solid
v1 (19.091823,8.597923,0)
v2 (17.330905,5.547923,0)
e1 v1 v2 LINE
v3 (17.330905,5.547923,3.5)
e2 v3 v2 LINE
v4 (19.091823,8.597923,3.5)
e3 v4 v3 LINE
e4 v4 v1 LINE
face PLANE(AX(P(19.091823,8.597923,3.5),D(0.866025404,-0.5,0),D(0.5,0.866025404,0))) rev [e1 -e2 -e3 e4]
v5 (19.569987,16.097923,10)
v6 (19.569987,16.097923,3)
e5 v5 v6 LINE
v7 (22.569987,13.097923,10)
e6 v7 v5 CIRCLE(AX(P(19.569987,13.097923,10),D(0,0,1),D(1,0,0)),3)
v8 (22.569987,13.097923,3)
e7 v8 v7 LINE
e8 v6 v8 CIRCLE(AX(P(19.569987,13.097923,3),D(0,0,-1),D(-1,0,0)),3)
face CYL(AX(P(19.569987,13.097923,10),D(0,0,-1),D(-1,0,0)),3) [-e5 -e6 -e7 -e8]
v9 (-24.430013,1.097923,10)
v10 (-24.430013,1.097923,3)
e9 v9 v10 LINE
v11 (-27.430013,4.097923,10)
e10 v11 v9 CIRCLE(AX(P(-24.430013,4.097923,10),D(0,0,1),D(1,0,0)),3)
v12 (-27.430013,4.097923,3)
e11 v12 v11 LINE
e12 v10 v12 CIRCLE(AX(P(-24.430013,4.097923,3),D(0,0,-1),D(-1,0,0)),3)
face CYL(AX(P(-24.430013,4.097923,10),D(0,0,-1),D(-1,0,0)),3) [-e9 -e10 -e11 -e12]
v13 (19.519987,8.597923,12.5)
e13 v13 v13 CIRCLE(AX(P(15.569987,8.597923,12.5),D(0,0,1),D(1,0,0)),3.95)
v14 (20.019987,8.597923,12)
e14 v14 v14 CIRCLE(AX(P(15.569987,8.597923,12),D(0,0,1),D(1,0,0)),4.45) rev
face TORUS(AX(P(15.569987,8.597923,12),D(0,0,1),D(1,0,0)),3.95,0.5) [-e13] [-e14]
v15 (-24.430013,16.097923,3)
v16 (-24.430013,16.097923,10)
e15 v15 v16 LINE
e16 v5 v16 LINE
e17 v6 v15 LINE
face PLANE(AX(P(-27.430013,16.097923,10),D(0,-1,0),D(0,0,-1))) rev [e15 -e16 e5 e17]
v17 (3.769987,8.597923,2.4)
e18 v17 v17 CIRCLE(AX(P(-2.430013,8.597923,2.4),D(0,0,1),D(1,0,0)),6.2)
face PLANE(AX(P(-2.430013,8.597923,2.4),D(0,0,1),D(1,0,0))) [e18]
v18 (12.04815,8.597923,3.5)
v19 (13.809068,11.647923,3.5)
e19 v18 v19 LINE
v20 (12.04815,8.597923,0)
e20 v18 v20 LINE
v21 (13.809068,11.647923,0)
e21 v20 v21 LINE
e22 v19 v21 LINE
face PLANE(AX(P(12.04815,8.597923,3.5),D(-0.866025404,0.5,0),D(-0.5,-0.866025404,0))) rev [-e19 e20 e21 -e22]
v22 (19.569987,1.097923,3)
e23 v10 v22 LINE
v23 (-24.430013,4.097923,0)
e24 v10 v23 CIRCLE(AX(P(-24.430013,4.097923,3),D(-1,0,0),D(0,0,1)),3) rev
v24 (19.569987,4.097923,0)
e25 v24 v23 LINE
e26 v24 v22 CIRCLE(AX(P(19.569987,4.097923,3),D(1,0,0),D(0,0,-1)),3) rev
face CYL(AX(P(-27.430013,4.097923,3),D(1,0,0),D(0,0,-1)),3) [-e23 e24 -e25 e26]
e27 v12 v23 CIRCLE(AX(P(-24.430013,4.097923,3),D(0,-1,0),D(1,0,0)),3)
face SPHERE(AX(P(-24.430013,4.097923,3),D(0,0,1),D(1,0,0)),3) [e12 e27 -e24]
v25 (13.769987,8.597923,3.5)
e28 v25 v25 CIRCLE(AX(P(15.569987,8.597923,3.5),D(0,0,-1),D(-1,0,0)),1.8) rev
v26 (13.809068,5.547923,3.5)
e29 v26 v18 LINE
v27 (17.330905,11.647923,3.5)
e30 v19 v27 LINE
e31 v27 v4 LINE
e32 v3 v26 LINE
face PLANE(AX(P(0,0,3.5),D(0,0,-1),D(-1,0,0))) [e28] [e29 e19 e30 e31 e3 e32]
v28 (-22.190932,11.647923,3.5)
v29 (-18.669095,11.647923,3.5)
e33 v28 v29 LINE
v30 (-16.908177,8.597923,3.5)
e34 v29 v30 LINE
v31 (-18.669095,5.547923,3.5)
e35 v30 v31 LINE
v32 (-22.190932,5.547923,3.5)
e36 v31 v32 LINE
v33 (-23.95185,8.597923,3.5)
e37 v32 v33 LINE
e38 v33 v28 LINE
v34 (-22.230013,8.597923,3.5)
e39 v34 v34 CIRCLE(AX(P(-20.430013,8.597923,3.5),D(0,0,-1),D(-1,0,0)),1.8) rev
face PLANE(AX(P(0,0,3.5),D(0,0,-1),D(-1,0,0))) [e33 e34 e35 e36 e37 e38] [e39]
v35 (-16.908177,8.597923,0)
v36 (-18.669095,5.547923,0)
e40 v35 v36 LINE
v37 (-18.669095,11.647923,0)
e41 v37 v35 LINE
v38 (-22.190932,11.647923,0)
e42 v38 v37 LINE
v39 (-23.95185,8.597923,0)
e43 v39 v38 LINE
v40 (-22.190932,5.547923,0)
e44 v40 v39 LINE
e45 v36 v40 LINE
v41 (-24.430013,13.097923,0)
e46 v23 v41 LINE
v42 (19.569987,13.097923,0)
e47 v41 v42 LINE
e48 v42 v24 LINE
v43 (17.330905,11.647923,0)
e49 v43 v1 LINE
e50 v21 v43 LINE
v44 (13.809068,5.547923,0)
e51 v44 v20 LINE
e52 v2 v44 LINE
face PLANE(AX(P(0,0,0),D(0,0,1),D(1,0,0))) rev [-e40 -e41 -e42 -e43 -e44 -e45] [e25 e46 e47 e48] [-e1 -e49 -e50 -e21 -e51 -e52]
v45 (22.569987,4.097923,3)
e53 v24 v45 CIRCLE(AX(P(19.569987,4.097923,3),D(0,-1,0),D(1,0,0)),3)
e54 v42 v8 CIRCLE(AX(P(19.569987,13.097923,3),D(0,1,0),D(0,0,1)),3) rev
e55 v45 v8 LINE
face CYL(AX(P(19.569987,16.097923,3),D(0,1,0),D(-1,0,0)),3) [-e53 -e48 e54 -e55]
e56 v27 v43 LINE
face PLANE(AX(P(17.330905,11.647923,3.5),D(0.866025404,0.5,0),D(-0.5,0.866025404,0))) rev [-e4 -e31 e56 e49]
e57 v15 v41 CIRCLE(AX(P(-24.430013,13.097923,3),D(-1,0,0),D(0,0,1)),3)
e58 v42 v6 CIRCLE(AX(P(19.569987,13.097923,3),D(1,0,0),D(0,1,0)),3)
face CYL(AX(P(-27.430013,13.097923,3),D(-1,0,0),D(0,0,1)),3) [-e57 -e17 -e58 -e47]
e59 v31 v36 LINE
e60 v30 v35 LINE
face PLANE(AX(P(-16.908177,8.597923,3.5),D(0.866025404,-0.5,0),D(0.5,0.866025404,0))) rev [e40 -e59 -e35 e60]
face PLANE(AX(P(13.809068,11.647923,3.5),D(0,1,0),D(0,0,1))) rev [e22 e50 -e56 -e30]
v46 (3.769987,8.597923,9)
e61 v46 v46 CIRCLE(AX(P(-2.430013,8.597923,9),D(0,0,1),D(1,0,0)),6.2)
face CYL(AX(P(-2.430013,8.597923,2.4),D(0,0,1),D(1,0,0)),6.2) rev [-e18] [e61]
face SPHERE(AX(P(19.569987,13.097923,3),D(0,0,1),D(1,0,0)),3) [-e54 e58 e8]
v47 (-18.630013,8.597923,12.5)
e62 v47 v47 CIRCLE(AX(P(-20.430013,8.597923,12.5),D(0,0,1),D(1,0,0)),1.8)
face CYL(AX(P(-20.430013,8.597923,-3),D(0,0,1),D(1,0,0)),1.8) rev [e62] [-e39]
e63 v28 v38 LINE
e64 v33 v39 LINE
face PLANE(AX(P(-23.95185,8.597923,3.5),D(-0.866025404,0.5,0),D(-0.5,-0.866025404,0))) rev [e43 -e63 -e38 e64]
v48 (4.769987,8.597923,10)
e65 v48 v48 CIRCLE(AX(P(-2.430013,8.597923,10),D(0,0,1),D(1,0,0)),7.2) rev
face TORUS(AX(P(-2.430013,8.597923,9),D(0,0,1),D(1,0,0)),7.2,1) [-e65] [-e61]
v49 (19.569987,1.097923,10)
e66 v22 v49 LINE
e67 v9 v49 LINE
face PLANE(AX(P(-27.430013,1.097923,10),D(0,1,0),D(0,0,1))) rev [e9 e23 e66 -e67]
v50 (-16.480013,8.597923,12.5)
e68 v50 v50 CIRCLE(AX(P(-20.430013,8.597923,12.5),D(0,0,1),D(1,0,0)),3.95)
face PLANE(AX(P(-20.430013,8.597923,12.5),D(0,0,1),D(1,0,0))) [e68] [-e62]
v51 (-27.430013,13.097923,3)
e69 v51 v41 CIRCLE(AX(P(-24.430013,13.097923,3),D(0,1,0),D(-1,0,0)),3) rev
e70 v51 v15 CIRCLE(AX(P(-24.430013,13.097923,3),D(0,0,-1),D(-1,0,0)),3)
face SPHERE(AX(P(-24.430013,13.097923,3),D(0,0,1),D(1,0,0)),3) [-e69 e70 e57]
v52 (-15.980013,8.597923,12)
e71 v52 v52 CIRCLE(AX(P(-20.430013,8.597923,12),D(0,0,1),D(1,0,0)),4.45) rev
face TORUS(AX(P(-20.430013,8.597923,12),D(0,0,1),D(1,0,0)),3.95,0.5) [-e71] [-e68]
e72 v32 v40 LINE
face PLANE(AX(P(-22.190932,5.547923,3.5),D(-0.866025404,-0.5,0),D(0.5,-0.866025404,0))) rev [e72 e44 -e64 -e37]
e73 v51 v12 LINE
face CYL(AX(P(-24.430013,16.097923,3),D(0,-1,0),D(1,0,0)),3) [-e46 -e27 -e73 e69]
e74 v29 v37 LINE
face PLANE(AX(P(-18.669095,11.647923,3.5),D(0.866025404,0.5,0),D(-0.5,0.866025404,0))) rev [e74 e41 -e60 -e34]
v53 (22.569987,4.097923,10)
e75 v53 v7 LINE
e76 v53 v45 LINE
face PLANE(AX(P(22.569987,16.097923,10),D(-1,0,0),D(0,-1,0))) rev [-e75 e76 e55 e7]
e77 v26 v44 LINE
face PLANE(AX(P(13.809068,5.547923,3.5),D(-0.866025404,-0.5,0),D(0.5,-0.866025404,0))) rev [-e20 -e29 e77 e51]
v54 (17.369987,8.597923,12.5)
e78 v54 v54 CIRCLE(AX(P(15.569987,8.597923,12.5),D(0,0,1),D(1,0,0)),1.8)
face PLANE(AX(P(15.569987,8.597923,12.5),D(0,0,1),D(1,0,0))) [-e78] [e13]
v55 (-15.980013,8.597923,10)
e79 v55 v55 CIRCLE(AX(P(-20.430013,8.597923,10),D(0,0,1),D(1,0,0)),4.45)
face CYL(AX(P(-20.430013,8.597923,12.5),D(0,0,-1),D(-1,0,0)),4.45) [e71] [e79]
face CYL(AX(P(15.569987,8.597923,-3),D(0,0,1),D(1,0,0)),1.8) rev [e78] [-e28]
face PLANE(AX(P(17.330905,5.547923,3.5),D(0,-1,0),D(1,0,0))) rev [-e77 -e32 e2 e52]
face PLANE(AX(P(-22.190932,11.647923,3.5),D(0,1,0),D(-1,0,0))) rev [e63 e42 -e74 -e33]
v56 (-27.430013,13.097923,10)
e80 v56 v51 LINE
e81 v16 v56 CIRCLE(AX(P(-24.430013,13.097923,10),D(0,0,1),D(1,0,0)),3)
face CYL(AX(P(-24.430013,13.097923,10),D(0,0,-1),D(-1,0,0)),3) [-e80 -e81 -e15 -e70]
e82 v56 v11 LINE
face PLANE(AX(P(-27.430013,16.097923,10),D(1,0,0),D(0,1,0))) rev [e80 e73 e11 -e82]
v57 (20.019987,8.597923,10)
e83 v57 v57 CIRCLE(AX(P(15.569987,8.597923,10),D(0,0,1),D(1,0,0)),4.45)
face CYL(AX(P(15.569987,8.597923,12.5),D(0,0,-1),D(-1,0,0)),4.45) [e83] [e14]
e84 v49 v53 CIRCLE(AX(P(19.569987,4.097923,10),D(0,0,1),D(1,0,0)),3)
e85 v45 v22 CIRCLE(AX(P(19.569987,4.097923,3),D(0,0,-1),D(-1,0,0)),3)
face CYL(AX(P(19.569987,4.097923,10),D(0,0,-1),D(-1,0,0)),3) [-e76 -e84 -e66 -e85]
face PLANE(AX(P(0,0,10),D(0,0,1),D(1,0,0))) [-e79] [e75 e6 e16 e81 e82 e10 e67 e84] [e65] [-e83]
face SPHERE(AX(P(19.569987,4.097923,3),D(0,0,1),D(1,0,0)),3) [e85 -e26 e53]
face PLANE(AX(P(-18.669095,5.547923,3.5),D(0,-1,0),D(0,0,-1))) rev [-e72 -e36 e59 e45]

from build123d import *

# Parameters (mm, degrees)
CROQUIS1_W              = 50
CROQUIS1_H              = 15
SALIENTE_EXTRUIR1_DEPTH = 10
CROQUIS2_R              = 6.2
CROQUIS2_R_2            = 4.45
SALIENTE_EXTRUIR2_DEPTH = 2.5
CORTAR_EXTRUIR1_START   = -10.1
CROQUIS3_R              = 6.2
CORTAR_EXTRUIR1_DEPTH   = 10.1
CROQUIS4_R              = 1.8
CORTAR_EXTRUIR2_DEPTH   = 15.5
CORTAR_EXTRUIR3_DEPTH   = 3.5
REDONDEO1_R             = 3
REDONDEO2_R             = 1
REDONDEO3_R             = 0.5


with BuildPart() as part:
    # Croquis1 → Saliente-Extruir1 (new body)
    with BuildSketch(Plane.XY):
        with Locations((-2.430013275, 8.597922849)):
            Rectangle(CROQUIS1_W, CROQUIS1_H)
    extrude(amount=SALIENTE_EXTRUIR1_DEPTH)

    # Croquis2 → Saliente-Extruir2 (add)
    with BuildSketch(Plane.XY.offset(10)):
        with Locations((-2.430013275, 8.597922849)):
            Circle(CROQUIS2_R)
        with Locations((-20.430013275, 8.597922849)):
            Circle(CROQUIS2_R_2)
        with Locations((15.569986725, 8.597922849)):
            Circle(CROQUIS2_R_2)
    extrude(amount=SALIENTE_EXTRUIR2_DEPTH)

    # Croquis3 → Cortar-Extruir1 (cut)
    with BuildSketch(Plane.XY.offset(12.5).offset(CORTAR_EXTRUIR1_START)):
        with Locations((-2.430013275, 8.597922849)):
            Circle(CROQUIS3_R)
    extrude(amount=CORTAR_EXTRUIR1_DEPTH, mode=Mode.SUBTRACT)

    # Croquis4 → Cortar-Extruir2 (cut)
    with BuildSketch(Plane.XY.offset(12.5)):
        with Locations((-20.430013275, 8.597922849)):
            Circle(CROQUIS4_R)
        with Locations((15.569986725, 8.597922849)):
            Circle(CROQUIS4_R)
    extrude(amount=-CORTAR_EXTRUIR2_DEPTH, mode=Mode.SUBTRACT)

    # Croquis5 → Cortar-Extruir3 (cut)
    with BuildSketch(Plane(origin=(0, 0, 0), x_dir=(-1, 0, 0), z_dir=(0, 0, -1))):
        Polygon((-12.048150083, 8.597922849), (-13.809068404, 11.647922849), (-17.330905046, 11.647922849), (-19.091823367, 8.597922849), (-17.330905046, 5.547922849), (-13.809068404, 5.547922849), align=None)
        Polygon((23.951849917, 8.597922849), (22.190931596, 11.647922849), (18.669094954, 11.647922849), (16.908176633, 8.597922849), (18.669094954, 5.547922849), (22.190931596, 5.547922849), align=None)
    extrude(amount=-CORTAR_EXTRUIR3_DEPTH, mode=Mode.SUBTRACT)

    # Redondeo1
    redondeo1_edges = [part.edges().sort_by_distance(p)[0] for p in [
        (-2.430013275, 16.097922849, 0),
        (22.569986725, 8.597922849, 0),
        (-2.430013275, 1.097922849, 0),
        (-27.430013275, 8.597922849, 0),
        (-27.430013275, 16.097922849, 5),
        (22.569986725, 16.097922849, 5),
        (22.569986725, 1.097922849, 5),
        (-27.430013275, 1.097922849, 5),
    ]]
    fillet(redondeo1_edges, radius=REDONDEO1_R)

    # Redondeo2
    redondeo2_edges = [part.edges().sort_by_distance(p)[0] for p in [
        (-8.630013275, 8.597922849, 10),
    ]]
    fillet(redondeo2_edges, radius=REDONDEO2_R)

    # Redondeo3
    redondeo3_edges = [part.edges().sort_by_distance(p)[0] for p in [
        (-24.880013275, 8.597922849, 12.5),
        (11.119986725, 8.597922849, 12.5),
    ]]
    fillet(redondeo3_edges, radius=REDONDEO3_R)


solid = part.part
